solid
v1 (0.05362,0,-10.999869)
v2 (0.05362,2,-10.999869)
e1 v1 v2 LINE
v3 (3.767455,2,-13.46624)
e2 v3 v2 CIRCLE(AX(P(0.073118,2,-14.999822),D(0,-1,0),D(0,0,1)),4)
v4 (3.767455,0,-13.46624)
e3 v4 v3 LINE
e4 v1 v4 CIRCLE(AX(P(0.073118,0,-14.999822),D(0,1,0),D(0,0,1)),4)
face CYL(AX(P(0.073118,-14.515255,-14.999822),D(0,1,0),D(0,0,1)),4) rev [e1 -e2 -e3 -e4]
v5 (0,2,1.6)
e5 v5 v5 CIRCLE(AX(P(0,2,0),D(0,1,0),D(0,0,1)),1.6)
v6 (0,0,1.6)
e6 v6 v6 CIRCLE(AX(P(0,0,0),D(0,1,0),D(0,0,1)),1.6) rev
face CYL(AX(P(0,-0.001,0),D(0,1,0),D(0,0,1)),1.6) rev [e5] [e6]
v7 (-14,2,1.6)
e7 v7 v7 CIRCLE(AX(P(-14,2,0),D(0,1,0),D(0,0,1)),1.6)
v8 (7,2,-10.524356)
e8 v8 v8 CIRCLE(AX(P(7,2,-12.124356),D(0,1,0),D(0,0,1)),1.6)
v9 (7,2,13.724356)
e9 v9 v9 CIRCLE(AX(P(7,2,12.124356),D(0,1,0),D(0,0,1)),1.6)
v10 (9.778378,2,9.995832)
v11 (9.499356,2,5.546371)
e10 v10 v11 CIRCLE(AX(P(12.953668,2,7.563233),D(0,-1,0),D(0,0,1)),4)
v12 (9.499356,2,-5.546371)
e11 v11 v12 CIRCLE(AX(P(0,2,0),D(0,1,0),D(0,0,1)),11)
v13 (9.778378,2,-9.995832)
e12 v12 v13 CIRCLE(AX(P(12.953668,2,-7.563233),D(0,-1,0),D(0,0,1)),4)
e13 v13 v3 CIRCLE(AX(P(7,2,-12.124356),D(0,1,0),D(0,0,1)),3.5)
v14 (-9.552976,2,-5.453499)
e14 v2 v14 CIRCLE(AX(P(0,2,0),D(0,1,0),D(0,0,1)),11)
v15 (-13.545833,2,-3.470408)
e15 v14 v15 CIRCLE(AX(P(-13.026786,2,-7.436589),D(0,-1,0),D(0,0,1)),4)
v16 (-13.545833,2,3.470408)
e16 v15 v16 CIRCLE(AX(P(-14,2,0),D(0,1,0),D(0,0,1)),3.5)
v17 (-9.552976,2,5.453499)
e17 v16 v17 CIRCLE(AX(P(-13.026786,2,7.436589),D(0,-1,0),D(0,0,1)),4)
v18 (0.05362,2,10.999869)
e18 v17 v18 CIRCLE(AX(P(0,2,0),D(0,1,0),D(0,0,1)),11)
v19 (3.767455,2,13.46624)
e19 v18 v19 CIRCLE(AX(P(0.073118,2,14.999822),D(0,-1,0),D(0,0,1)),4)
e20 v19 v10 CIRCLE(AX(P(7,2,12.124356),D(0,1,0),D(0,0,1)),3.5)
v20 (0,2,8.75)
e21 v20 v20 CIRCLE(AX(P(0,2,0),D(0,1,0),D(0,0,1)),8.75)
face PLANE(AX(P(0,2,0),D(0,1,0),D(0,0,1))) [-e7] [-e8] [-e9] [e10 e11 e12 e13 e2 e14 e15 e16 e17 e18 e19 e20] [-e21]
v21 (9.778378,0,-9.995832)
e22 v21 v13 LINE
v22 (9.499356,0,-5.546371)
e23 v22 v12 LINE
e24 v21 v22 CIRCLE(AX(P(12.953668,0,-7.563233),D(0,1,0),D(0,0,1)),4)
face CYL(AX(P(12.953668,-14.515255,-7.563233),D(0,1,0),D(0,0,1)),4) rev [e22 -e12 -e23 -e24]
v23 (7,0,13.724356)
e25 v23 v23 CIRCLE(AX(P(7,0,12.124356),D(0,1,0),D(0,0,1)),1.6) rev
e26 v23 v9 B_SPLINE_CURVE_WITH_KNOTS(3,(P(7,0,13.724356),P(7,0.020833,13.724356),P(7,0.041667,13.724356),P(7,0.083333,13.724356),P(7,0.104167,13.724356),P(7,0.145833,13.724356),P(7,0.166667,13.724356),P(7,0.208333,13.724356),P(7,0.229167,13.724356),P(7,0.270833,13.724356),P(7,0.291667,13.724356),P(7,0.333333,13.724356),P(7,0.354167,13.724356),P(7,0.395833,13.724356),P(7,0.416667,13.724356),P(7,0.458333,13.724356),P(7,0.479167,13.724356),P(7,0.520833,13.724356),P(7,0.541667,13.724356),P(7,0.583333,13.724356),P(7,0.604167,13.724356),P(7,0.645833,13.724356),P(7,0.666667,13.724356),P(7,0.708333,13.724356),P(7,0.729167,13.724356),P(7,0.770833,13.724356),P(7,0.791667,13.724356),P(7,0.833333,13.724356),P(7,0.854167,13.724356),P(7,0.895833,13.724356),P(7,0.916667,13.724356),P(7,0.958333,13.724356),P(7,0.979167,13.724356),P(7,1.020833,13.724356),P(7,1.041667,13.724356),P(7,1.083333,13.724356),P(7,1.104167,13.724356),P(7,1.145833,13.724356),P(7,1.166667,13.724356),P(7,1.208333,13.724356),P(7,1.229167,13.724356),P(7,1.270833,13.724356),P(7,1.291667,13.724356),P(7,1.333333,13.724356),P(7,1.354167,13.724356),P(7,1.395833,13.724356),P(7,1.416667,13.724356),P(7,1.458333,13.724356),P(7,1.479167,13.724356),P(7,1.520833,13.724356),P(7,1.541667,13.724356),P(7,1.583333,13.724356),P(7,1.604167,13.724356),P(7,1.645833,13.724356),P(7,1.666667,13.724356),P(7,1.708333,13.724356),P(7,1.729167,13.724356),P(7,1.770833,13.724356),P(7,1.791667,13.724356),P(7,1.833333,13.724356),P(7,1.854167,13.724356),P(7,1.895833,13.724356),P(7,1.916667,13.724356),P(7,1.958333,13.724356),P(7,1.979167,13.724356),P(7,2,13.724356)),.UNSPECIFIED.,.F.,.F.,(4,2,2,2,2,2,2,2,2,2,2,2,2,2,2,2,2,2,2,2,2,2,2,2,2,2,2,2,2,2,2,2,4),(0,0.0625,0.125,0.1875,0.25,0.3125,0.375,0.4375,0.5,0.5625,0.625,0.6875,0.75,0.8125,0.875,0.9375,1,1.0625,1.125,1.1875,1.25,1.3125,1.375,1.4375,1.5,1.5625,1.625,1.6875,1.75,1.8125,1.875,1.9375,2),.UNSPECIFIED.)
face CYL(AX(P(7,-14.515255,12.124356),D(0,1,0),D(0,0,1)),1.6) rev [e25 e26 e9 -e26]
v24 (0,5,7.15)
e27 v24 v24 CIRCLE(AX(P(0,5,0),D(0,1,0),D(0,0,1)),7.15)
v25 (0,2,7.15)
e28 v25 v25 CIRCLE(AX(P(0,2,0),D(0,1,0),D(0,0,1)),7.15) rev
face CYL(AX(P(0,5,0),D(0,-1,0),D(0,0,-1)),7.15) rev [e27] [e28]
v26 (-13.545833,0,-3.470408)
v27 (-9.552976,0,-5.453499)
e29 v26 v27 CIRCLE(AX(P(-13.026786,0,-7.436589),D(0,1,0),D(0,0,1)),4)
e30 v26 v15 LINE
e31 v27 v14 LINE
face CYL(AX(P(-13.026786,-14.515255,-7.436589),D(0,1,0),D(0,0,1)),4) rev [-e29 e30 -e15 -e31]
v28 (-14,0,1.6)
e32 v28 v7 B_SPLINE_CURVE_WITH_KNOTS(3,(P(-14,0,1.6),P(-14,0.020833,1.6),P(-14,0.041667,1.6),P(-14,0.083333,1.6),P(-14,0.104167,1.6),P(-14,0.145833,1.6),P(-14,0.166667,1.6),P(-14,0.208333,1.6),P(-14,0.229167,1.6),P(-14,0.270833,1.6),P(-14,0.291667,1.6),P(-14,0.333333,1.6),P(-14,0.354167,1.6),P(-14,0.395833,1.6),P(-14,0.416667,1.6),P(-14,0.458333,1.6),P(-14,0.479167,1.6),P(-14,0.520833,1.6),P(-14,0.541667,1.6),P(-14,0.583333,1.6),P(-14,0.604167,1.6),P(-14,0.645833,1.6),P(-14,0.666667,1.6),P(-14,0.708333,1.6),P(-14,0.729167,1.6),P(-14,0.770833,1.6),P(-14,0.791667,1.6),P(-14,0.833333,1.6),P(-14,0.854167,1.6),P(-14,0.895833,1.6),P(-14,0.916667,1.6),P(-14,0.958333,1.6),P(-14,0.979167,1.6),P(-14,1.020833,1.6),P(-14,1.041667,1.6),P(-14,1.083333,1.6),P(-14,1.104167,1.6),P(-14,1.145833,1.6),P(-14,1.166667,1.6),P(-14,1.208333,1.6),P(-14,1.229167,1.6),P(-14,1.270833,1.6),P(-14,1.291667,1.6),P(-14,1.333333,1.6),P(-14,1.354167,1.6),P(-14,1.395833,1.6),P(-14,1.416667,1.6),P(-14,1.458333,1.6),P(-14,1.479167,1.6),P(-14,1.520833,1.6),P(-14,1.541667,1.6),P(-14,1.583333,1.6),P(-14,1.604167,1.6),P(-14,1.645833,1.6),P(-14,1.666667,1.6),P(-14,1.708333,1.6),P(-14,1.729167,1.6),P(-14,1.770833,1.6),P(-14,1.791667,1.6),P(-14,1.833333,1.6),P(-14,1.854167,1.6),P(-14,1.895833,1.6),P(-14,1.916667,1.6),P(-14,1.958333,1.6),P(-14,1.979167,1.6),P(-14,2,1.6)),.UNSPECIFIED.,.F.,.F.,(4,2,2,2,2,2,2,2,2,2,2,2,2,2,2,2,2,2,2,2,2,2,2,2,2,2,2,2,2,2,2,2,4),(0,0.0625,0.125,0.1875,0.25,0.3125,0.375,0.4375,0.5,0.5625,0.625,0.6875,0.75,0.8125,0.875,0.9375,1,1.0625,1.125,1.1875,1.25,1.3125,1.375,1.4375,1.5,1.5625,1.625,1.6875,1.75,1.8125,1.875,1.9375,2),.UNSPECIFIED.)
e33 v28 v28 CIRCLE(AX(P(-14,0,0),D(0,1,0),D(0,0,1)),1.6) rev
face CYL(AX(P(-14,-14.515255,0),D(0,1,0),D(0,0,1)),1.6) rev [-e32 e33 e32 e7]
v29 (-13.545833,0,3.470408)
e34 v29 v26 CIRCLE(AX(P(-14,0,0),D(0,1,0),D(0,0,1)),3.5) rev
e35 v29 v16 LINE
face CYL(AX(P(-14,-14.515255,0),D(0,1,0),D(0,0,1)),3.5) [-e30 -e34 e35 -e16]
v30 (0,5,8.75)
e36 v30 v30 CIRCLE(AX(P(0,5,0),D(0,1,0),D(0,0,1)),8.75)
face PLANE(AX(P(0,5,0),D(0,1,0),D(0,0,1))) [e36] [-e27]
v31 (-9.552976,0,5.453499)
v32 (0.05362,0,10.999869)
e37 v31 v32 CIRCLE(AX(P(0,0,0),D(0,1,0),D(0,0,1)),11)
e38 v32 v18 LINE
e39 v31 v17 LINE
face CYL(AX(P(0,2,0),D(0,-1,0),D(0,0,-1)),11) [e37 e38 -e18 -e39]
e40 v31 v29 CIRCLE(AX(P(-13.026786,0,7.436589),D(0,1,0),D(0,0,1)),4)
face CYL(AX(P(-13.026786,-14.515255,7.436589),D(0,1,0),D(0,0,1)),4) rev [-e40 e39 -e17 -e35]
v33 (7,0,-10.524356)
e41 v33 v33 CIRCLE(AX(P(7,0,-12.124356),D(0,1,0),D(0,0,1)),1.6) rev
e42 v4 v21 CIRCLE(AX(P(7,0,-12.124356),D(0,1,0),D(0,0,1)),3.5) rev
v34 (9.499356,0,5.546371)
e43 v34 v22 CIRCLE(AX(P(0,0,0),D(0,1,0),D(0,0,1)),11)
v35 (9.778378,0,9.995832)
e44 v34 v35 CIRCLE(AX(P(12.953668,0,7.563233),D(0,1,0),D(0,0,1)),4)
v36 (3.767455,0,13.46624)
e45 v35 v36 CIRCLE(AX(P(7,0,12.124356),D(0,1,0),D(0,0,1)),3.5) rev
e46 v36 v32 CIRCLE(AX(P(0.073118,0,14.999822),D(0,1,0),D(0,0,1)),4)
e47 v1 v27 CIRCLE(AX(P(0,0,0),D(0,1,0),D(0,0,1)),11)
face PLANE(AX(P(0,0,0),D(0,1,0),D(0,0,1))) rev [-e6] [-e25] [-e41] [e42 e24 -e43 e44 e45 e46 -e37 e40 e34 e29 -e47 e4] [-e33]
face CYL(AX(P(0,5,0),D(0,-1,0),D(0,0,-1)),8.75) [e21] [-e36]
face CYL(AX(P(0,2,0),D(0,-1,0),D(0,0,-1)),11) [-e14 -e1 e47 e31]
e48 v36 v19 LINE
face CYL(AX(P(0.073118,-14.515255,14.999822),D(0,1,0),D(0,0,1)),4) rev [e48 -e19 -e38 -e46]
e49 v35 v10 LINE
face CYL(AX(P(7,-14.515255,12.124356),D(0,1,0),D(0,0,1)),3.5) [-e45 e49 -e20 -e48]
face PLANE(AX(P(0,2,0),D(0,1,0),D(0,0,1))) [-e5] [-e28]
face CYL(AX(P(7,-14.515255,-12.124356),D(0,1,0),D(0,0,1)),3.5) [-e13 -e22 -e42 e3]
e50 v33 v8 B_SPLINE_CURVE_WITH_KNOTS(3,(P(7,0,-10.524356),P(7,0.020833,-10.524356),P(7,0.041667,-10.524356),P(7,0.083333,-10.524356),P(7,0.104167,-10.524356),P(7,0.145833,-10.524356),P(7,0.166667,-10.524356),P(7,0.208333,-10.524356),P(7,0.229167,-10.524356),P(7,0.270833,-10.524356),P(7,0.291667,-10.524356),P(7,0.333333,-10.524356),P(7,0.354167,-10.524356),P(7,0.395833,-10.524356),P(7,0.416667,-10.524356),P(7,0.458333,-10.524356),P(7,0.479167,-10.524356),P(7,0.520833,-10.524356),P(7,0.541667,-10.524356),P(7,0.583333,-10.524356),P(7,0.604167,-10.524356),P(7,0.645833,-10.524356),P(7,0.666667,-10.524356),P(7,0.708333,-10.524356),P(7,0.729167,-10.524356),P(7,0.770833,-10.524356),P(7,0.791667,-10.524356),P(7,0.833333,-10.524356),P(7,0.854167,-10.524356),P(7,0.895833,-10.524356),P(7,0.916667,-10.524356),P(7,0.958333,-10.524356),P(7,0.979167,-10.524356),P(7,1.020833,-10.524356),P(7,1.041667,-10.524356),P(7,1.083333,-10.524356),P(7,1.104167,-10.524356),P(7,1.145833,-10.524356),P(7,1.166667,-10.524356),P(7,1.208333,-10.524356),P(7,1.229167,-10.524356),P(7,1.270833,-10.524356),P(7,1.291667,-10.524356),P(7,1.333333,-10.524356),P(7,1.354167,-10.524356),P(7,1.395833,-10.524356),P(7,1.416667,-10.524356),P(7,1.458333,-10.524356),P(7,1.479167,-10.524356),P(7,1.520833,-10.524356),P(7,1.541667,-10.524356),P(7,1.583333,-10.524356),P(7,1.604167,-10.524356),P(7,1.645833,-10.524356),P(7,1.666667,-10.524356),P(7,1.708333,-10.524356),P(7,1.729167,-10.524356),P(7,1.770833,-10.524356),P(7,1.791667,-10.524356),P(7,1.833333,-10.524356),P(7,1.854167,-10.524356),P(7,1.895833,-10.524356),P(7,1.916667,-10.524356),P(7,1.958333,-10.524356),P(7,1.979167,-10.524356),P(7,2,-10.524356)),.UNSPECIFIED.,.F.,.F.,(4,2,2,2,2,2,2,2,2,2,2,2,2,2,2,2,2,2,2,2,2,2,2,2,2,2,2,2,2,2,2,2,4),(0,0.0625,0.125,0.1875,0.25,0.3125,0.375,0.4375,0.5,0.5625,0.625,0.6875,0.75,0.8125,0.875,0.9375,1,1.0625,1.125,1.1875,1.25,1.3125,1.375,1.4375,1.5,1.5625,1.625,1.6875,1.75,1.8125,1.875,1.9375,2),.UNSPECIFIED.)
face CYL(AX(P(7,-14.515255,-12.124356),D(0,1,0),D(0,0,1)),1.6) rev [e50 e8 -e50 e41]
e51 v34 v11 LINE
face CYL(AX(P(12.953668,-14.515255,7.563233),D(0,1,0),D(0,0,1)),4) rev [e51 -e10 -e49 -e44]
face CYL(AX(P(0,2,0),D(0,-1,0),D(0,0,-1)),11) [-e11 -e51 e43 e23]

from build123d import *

# Parameters (mm, degrees)
SKETCH_1_R          = 11
EXTRUDE_1_DEPTH     = 2
EXTRUDE_START       = -2
SKETCH_2_R          = 1.6
EXTRUDE_2_DEPTH     = 2
CUT_EXTRUDE_1_REACH = 25.545
SKETCH_3_R          = 1.6
SKETCH_4_R          = 8.75
SKETCH_4_R_2        = 7.15
EXTRUDE_3_DEPTH     = 3


with BuildPart() as part:
    # 草图1 → 凸台-拉伸1 (new body)
    with BuildSketch(Plane(origin=(0, 0, 0), x_dir=(1, 0, 0), z_dir=(0, 1, 0))):
        with Locations(Location((0, 0, 0), (0, 0, 270))):
            Circle(SKETCH_1_R)
    extrude(amount=EXTRUDE_1_DEPTH)

    # 草图2 → 凸台-拉伸2 (add)
    # profile 1 of 3: a face of its own
    with BuildSketch(Plane(origin=(0, 2, 0), x_dir=(1, 0, 0), z_dir=(0, 1, 0)).offset(EXTRUDE_START)):
        with BuildLine():
            ThreePointArc((0.053619854, -10.999869313), (5.5, -9.526279442), (9.499356337, -5.546370812))
            ThreePointArc((9.499356337, -5.546370812), (8.961509488, -7.8135778), (9.778378275, -9.995831713))
            ThreePointArc((9.778378275, -9.995831713), (8.75, -15.155444566), (3.767455058, -13.466239851))
            ThreePointArc((3.767455058, -13.466239851), (2.286002125, -11.667683773), (0.053619854, -10.999869313))
        make_face()
        with Locations(Location((7, -12.124355653, 0), (0, 0, 270))):
            Circle(SKETCH_2_R, mode=Mode.SUBTRACT)
    # profile 2 of 3: a face of its own
    with BuildSketch(Plane(origin=(0, 2, 0), x_dir=(1, 0, 0), z_dir=(0, 1, 0)).offset(EXTRUDE_START)):
        with BuildLine():
            ThreePointArc((9.499356337, 5.546370812), (5.5, 9.526279442), (0.053619854, 10.999869313))
            ThreePointArc((0.053619854, 10.999869313), (2.286002125, 11.667683773), (3.767455058, 13.466239851))
            ThreePointArc((3.767455058, 13.466239851), (8.75, 15.155444566), (9.778378275, 9.995831713))
            ThreePointArc((9.778378275, 9.995831713), (8.961509488, 7.8135778), (9.499356337, 5.546370812))
        make_face()
        with Locations(Location((7, 12.124355653, 0), (0, 0, 270))):
            Circle(SKETCH_2_R, mode=Mode.SUBTRACT)
    # profile 3 of 3: a face of its own
    with BuildSketch(Plane(origin=(0, 2, 0), x_dir=(1, 0, 0), z_dir=(0, 1, 0)).offset(EXTRUDE_START)):
        with BuildLine():
            ThreePointArc((-9.55297619, -5.453498501), (-11.247511613, -3.854105973), (-13.545833333, -3.470408137))
            ThreePointArc((-13.545833333, -3.470408137), (-17.5, 0), (-13.545833333, 3.470408137))
            ThreePointArc((-13.545833333, 3.470408137), (-11.247511613, 3.854105973), (-9.55297619, 5.453498501))
            ThreePointArc((-9.55297619, 5.453498501), (-11, 0), (-9.55297619, -5.453498501))
        make_face()
        with Locations(Location((-14, 0, 0), (0, 0, 270))):
            Circle(SKETCH_2_R, mode=Mode.SUBTRACT)
    extrude(amount=EXTRUDE_2_DEPTH)

    # 草图3 → 切除-拉伸1 (cut, up to next)
    with BuildSketch(Plane(origin=(0, 2, 0), x_dir=(1, 0, 0), z_dir=(0, 1, 0)), mode=Mode.PRIVATE) as cut_extrude_1_sk1:
        with Locations(Location((0, 0, 0), (0, 0, 270))):
            Circle(SKETCH_3_R)
    cut_extrude_1_tool1 = extrude(cut_extrude_1_sk1.sketch, amount=-CUT_EXTRUDE_1_REACH, mode=Mode.PRIVATE) & part.part
    add(cut_extrude_1_tool1.solids().sort_by_distance((0, 2, 0))[0], mode=Mode.SUBTRACT)

    # 草图4 → 凸台-拉伸3 (add)
    with BuildSketch(Plane(origin=(0, 2, 0), x_dir=(1, 0, 0), z_dir=(0, 1, 0))):
        with Locations(Location((0, 0, 0), (0, 0, 270))):
            Circle(SKETCH_4_R)
        with Locations(Location((0, 0, 0), (0, 0, 270))):
            Circle(SKETCH_4_R_2, mode=Mode.SUBTRACT)
    extrude(amount=EXTRUDE_3_DEPTH)


solid = part.part
